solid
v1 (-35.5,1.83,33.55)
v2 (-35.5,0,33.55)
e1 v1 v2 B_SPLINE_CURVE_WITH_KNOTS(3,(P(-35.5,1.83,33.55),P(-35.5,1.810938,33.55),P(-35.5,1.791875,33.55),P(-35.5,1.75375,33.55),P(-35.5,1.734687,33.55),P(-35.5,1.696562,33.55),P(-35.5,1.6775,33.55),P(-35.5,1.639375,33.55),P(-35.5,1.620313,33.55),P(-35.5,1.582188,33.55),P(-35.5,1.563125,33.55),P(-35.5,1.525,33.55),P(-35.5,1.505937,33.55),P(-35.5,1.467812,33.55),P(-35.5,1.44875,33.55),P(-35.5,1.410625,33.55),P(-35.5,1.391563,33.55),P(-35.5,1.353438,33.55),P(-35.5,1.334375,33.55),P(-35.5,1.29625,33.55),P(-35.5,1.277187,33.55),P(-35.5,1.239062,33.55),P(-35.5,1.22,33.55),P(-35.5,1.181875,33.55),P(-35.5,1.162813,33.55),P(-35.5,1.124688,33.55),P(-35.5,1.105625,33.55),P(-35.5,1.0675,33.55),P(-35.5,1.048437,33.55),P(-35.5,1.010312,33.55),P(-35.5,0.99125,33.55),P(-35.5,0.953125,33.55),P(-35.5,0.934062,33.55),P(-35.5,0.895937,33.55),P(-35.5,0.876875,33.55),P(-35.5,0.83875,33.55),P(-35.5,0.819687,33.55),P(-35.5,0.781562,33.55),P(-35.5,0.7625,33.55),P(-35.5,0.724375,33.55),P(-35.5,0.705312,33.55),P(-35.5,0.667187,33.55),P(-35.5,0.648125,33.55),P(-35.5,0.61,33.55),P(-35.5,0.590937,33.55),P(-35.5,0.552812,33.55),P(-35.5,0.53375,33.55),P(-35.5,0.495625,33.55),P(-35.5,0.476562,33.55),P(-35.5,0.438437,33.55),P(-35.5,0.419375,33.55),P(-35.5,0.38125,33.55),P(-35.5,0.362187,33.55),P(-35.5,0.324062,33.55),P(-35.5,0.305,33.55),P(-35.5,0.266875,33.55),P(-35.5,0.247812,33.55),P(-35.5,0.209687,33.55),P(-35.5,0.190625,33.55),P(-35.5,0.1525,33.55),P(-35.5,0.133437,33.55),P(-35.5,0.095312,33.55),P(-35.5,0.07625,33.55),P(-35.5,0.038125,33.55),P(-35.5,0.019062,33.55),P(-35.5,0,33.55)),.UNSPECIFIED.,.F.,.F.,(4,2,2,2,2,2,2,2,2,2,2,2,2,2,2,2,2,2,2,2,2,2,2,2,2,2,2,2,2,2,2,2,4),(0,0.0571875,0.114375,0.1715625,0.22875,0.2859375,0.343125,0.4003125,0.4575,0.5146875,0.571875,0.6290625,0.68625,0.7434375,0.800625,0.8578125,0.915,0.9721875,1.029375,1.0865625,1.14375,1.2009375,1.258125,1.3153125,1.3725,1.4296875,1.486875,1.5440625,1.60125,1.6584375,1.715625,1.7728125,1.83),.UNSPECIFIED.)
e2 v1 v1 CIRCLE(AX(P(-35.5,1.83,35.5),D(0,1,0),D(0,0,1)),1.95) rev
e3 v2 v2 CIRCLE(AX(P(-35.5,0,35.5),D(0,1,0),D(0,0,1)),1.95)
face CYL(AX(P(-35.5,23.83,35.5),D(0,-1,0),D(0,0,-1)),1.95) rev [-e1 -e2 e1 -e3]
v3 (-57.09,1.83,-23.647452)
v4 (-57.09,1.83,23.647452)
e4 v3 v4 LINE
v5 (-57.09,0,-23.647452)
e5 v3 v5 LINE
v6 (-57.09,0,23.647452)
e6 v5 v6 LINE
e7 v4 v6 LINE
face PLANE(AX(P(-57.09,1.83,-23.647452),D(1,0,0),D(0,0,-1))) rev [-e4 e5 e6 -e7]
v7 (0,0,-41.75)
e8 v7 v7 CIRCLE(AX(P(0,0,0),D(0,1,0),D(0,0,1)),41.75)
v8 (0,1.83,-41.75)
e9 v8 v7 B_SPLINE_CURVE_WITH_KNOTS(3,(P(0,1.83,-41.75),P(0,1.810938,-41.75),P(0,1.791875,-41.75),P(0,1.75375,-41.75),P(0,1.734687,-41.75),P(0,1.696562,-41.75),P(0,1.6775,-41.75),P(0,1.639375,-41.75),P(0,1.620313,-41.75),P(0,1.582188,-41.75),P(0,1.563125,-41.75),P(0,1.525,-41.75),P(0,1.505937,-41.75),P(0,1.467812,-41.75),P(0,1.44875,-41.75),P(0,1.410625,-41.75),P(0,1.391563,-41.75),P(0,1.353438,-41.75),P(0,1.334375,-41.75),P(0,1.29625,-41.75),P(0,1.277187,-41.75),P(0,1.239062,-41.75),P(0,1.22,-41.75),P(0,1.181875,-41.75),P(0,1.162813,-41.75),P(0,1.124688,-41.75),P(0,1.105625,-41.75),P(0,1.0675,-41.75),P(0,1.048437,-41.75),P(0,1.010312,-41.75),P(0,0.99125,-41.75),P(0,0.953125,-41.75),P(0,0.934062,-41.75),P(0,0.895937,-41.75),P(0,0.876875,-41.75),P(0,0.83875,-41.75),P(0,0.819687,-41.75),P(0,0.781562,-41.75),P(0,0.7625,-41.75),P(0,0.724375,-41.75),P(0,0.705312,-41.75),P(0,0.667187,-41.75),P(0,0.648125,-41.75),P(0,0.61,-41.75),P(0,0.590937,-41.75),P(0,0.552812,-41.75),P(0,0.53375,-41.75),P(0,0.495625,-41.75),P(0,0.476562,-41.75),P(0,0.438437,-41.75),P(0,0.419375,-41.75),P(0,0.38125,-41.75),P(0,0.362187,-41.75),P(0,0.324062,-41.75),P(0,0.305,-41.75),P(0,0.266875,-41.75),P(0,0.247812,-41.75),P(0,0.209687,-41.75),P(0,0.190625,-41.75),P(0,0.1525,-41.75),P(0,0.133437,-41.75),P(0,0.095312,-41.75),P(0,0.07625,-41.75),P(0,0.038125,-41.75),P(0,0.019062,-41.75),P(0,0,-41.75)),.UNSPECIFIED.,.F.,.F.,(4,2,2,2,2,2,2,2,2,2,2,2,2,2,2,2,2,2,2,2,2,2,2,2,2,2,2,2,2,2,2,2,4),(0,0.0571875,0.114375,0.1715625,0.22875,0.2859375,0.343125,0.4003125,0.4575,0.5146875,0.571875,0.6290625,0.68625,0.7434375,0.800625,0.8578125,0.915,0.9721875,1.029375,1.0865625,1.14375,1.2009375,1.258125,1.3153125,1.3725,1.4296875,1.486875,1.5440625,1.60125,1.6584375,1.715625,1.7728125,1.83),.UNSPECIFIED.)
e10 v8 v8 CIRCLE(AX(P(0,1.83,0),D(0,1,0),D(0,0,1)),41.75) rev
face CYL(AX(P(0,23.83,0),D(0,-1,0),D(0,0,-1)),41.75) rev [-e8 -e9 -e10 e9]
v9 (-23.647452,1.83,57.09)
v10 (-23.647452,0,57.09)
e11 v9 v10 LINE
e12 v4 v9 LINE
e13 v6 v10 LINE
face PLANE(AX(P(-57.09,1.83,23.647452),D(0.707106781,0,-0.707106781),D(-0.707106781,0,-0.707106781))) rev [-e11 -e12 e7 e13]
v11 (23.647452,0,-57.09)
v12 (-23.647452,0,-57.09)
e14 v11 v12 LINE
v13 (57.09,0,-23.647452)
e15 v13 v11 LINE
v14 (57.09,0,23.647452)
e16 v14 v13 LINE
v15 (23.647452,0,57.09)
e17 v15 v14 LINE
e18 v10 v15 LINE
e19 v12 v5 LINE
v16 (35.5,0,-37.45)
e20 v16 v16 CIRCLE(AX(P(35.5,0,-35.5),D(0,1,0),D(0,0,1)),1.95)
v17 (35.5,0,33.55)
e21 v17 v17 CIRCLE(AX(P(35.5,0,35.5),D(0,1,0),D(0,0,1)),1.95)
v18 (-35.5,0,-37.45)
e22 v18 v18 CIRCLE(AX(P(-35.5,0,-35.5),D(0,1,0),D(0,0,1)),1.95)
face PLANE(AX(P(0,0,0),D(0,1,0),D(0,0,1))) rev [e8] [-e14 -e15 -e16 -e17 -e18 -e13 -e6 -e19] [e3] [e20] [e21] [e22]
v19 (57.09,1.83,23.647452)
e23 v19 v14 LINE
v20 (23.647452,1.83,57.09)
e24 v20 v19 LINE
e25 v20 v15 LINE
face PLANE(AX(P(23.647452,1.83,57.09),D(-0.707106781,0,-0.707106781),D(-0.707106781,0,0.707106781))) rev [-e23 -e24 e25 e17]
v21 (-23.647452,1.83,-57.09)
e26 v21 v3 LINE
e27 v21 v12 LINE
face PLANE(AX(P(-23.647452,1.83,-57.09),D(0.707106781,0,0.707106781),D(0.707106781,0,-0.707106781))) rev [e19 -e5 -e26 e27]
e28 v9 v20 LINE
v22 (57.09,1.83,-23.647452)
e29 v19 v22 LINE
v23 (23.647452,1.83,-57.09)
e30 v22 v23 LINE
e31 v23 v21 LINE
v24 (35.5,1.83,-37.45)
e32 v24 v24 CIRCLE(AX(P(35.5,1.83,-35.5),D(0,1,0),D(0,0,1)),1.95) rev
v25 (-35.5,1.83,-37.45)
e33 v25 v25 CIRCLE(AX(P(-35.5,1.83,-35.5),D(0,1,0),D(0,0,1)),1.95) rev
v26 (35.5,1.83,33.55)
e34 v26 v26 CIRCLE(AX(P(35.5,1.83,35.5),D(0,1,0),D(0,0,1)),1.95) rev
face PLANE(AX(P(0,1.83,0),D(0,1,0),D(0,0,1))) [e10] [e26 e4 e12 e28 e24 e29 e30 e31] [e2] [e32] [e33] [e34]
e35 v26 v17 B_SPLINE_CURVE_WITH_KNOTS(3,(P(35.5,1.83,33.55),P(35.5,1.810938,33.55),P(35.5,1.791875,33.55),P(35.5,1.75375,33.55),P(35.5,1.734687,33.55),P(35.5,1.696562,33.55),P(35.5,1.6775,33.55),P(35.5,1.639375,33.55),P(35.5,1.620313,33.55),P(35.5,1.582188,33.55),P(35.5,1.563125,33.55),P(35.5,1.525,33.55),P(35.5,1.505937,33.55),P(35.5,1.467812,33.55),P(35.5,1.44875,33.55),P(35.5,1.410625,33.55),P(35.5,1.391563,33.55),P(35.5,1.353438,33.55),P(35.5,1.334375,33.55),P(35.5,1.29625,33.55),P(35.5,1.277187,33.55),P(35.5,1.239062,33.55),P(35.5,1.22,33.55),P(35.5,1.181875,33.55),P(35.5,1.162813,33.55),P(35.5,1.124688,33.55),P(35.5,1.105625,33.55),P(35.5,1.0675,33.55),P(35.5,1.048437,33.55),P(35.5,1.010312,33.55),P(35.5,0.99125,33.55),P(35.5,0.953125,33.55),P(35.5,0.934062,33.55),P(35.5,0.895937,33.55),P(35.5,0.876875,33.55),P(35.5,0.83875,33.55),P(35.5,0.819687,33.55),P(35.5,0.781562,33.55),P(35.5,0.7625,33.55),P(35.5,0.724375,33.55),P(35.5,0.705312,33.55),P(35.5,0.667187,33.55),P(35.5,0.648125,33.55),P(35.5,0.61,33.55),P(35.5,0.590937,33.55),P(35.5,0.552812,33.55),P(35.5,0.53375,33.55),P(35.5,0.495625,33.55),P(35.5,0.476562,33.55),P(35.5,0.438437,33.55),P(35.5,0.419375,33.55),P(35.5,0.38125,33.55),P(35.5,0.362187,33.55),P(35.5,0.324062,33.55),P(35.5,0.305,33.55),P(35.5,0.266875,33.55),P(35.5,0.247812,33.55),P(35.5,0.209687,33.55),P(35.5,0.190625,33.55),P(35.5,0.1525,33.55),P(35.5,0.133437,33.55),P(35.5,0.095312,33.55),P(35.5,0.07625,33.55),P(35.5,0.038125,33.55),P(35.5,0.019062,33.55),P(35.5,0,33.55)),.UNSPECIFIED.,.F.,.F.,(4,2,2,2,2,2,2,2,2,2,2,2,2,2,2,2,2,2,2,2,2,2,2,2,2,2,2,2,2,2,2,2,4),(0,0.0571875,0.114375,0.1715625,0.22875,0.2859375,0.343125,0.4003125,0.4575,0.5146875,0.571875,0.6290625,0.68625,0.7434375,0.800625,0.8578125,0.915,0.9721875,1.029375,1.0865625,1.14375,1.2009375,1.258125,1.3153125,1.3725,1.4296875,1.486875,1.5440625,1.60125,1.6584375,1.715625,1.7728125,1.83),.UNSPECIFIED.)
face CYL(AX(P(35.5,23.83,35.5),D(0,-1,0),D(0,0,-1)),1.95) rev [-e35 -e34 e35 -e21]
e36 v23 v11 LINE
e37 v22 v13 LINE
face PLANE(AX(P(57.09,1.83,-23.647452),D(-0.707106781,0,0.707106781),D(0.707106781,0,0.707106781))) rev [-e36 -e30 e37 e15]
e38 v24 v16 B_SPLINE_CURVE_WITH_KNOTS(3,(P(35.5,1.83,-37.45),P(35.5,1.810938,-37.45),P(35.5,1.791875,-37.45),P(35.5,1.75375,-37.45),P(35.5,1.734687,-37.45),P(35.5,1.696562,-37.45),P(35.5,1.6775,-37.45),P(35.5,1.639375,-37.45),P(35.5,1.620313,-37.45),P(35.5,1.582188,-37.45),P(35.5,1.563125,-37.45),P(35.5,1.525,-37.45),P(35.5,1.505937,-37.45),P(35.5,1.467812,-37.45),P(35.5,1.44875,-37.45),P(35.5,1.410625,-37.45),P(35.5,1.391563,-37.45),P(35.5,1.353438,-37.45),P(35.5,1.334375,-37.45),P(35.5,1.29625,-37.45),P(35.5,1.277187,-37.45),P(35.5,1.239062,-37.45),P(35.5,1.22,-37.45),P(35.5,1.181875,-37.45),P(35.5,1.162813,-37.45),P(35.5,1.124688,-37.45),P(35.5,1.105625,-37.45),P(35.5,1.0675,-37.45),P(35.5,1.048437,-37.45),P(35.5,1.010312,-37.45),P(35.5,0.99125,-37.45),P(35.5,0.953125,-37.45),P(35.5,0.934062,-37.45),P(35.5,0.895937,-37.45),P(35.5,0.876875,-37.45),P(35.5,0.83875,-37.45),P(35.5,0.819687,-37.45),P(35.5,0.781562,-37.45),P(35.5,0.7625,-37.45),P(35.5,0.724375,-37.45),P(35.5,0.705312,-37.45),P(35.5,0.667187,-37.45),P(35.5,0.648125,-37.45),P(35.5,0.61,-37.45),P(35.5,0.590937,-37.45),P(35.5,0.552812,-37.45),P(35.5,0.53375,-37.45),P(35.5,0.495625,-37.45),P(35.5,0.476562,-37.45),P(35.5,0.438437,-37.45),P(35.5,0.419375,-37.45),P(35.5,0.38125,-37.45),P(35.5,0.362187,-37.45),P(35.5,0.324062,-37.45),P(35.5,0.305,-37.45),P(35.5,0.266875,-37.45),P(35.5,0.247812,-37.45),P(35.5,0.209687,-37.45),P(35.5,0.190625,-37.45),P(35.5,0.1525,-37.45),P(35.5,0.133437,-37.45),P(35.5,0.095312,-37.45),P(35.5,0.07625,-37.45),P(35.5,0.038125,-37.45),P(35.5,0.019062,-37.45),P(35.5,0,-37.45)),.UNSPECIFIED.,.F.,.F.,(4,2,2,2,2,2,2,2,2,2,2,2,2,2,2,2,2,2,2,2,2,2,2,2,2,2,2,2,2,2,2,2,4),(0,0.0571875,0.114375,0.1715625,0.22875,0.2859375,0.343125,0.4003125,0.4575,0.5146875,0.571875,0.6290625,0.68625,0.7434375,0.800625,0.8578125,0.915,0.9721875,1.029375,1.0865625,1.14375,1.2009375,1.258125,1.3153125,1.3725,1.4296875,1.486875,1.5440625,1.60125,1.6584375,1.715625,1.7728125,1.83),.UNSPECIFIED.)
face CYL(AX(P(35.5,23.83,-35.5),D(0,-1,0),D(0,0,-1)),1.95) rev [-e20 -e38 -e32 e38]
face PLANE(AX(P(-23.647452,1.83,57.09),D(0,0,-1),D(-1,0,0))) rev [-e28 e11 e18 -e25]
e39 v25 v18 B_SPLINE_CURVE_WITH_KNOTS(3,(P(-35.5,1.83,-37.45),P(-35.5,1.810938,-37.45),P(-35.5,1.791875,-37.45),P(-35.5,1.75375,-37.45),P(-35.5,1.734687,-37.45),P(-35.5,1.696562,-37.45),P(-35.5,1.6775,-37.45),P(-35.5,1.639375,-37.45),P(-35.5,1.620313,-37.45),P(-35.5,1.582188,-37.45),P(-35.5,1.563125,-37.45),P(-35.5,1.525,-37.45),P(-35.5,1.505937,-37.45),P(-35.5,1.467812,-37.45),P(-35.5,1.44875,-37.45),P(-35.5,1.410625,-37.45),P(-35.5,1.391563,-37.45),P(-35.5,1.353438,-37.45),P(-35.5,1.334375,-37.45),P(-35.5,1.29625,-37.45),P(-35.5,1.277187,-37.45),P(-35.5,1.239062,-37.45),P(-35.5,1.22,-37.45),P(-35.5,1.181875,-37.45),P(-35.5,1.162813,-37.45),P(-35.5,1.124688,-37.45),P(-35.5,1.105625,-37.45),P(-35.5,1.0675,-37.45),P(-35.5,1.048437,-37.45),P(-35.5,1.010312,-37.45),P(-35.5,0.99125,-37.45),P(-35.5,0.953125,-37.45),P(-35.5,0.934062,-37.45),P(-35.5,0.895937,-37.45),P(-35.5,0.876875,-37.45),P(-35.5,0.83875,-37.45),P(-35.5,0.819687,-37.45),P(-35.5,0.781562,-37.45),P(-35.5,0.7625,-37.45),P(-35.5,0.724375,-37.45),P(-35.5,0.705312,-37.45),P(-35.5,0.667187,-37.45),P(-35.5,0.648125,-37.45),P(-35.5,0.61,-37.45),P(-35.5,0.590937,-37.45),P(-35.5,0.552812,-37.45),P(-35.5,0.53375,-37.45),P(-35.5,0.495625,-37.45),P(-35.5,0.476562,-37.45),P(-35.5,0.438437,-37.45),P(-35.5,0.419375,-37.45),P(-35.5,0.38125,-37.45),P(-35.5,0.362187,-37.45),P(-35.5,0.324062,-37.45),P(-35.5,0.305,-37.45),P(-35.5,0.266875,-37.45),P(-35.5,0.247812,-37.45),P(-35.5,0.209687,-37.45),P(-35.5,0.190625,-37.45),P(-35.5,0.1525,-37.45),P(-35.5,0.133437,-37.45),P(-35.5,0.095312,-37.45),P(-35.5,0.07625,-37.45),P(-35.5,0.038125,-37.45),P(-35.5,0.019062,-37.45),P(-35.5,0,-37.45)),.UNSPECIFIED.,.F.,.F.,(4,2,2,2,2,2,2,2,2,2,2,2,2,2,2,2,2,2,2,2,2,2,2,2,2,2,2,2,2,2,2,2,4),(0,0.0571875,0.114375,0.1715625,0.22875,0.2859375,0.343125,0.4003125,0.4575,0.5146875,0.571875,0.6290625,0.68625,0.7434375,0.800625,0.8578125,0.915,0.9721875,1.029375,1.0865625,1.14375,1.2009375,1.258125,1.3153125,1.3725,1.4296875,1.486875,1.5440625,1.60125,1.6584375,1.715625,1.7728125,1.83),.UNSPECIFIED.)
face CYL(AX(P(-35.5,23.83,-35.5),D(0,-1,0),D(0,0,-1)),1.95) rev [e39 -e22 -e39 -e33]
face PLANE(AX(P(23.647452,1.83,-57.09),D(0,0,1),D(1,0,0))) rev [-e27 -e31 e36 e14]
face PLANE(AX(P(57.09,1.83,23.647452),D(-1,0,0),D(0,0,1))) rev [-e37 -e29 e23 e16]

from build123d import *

# Parameters (mm, degrees)
BOSS_EXTRUDE1_DEPTH = 1.83
SKETCH2_R           = 1.95
SKETCH2_R_2         = 41.75
CUT_EXTRUDE1_DEPTH  = 23.83


with BuildPart() as part:
    # Sketch1 → Boss-Extrude1 (new body)
    with BuildSketch(Plane(origin=(0, 0, 0), x_dir=(1, 0, 0), z_dir=(0, 1, 0))):
        Polygon((57.09, -23.647452276), (57.09, 23.647452276), (23.647452276, 57.09), (-23.647452276, 57.09), (-57.09, 23.647452276), (-57.09, -23.647452276), (-23.647452276, -57.09), (23.647452276, -57.09), align=None)
    extrude(amount=BOSS_EXTRUDE1_DEPTH)

    # Sketch2 → Cut-Extrude1 (cut)
    with BuildSketch(Plane(origin=(0, 0, 0), x_dir=(1, 0, 0), z_dir=(0, 1, 0))):
        with Locations(Location((-35.5, 35.5, 0), (0, 0, 90))):
            Circle(SKETCH2_R)
        with Locations(Location((35.5, 35.5, 0), (0, 0, 90))):
            Circle(SKETCH2_R)
        with Locations(Location((35.5, -35.5, 0), (0, 0, 90))):
            Circle(SKETCH2_R)
        with Locations(Location((-35.5, -35.5, 0), (0, 0, 90))):
            Circle(SKETCH2_R)
        with Locations(Location((0, 0, 0), (0, 0, 90))):
            Circle(SKETCH2_R_2)
    extrude(amount=CUT_EXTRUDE1_DEPTH, mode=Mode.SUBTRACT)


solid = part.part
